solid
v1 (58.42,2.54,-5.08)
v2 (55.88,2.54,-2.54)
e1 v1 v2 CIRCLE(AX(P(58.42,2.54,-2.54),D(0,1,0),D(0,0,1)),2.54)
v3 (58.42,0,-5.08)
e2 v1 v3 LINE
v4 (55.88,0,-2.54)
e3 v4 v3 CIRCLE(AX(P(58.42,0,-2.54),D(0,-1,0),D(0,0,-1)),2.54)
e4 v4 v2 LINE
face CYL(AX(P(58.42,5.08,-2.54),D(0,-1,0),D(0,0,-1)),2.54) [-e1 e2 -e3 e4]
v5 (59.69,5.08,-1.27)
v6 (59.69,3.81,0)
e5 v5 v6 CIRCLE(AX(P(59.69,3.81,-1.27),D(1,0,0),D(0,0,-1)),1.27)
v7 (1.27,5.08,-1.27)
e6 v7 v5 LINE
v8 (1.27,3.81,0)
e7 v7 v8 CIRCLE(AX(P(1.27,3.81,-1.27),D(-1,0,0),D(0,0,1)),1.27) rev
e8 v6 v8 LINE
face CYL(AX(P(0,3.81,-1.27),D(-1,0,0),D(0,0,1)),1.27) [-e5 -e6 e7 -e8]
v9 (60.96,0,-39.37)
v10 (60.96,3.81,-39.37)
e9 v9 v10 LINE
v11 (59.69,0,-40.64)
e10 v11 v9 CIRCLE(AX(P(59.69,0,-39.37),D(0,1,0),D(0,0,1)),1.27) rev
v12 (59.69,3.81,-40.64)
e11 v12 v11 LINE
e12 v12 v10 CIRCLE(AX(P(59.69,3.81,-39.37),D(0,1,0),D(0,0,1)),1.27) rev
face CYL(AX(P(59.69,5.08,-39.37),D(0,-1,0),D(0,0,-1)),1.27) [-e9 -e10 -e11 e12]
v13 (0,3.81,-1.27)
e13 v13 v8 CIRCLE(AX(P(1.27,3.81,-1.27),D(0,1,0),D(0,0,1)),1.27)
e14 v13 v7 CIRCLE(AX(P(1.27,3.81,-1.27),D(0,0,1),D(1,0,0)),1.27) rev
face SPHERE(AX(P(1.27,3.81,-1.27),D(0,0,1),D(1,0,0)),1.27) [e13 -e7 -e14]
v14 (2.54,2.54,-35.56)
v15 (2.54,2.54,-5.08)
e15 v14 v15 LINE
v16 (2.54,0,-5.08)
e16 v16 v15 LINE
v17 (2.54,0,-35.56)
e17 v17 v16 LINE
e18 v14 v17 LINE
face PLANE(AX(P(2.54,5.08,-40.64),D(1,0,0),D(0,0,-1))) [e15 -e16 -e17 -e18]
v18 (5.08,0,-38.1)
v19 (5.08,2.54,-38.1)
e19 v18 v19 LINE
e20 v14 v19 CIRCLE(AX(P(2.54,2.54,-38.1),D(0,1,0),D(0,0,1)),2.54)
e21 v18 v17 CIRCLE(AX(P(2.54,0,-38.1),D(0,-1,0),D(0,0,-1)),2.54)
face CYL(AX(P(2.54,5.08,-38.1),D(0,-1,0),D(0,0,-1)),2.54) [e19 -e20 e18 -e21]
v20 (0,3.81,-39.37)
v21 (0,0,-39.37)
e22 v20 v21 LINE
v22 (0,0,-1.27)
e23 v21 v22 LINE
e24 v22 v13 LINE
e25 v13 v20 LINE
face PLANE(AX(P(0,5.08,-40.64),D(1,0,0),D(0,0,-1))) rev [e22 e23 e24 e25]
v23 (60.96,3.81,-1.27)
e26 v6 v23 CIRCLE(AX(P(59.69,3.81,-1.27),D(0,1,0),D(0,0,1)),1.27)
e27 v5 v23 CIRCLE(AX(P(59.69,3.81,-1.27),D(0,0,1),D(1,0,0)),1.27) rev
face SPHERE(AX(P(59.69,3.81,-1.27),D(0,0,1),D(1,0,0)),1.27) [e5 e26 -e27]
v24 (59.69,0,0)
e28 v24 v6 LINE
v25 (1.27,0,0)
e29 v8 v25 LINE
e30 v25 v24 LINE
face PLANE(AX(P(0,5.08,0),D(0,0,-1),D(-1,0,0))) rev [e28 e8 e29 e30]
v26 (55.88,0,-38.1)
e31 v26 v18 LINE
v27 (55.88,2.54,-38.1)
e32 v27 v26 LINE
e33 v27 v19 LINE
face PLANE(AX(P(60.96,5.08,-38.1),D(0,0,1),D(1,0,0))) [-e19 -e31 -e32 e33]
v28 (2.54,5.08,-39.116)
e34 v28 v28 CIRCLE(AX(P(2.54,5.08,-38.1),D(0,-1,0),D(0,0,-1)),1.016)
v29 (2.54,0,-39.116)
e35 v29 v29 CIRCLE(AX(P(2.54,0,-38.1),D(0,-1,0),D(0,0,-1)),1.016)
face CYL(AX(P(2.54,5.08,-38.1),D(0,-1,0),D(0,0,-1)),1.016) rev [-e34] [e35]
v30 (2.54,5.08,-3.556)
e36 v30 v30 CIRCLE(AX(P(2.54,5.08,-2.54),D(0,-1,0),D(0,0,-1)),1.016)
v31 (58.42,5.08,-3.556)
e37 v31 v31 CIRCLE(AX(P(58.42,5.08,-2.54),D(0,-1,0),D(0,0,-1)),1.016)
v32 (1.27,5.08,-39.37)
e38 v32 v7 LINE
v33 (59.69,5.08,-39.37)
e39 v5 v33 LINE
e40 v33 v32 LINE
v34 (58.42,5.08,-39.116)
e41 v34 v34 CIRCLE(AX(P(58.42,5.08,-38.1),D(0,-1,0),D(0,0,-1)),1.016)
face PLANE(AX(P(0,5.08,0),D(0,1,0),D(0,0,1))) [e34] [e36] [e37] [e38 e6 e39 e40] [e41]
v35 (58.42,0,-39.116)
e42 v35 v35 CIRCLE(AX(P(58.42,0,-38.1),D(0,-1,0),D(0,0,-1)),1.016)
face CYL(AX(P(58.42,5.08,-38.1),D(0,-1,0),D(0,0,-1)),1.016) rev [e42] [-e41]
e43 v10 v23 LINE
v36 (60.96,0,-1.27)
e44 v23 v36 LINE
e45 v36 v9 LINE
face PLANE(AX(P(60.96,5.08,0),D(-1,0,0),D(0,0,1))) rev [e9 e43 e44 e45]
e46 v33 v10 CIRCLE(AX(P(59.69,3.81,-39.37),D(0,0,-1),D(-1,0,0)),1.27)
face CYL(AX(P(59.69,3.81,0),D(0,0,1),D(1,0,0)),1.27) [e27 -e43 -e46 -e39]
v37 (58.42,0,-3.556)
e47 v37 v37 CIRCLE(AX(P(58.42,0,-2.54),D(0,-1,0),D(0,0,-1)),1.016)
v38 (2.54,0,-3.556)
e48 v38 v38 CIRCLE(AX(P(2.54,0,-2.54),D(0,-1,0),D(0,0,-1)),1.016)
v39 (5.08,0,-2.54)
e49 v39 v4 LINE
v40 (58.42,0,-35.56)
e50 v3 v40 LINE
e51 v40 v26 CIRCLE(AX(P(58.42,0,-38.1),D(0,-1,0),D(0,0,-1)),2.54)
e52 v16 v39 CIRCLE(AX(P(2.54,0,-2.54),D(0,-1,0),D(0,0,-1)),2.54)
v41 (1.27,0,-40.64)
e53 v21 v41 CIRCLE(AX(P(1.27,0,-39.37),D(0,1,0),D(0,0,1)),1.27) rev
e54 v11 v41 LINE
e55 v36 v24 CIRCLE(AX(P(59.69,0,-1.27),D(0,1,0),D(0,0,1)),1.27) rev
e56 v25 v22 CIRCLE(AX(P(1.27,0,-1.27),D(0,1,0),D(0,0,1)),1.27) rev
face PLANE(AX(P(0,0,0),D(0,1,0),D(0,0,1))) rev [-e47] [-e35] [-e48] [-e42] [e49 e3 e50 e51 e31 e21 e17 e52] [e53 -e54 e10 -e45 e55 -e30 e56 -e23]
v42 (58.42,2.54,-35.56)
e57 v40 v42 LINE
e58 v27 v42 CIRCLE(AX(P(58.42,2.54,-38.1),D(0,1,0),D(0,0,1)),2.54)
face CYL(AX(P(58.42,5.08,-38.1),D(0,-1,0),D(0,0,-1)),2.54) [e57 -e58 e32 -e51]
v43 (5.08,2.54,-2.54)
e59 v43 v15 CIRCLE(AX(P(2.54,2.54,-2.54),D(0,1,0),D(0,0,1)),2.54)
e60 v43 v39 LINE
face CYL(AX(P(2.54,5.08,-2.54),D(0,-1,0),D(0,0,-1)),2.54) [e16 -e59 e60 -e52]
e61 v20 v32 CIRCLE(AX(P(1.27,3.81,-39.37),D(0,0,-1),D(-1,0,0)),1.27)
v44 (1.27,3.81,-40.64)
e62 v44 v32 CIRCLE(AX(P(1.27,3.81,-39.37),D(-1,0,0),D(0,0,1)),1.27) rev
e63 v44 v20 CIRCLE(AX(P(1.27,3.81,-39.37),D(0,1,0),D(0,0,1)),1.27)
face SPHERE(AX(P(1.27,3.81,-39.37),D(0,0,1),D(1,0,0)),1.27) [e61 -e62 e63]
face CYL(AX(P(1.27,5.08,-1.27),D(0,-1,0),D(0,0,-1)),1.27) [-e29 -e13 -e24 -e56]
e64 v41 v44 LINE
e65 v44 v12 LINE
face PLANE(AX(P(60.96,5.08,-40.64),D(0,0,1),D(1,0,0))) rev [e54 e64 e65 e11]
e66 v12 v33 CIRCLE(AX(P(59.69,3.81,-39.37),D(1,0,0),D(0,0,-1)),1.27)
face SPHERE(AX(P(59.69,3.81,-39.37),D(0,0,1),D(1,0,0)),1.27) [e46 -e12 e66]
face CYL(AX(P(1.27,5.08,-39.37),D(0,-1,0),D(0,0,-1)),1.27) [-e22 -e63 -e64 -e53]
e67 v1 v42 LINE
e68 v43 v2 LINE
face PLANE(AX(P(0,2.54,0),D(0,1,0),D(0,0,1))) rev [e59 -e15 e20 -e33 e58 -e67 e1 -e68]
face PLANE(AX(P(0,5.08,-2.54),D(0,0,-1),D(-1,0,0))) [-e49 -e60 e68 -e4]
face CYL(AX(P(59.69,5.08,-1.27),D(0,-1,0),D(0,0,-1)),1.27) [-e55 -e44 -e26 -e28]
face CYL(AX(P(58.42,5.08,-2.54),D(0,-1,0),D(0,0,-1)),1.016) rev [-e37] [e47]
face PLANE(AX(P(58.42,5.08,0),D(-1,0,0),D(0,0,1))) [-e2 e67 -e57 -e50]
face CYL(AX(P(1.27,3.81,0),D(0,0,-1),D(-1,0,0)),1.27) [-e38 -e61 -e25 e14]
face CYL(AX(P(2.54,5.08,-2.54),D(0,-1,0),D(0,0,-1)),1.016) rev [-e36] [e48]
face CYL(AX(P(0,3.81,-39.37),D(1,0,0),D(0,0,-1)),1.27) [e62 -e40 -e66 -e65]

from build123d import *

# Parameters (mm, degrees)
SKETCH1_W           = 60.96
SKETCH1_H           = 40.64
BOSS_EXTRUDE1_DEPTH = 5.08
SHELL1_T            = -2.54
SKETCH2_R           = 2.54
BOSS_EXTRUDE2_DEPTH = 5.08
SKETCH3_R           = 1.016
CUT_EXTRUDE1_DEPTH  = 5.08
FILLET2_R           = 1.27


with BuildPart() as part:
    # Sketch1 → Boss-Extrude1 (new body)
    with BuildSketch(Plane(origin=(0, 0, 0), x_dir=(1, 0, 0), z_dir=(0, 1, 0))):
        with Locations((30.48, 20.32)):
            Rectangle(SKETCH1_W, SKETCH1_H)
    extrude(amount=BOSS_EXTRUDE1_DEPTH)

    # Shell1
    shell1_openings = [part.faces().sort_by_distance(p)[0] for p in [
        (30.48, 0, -20.32),
    ]]
    offset(amount=SHELL1_T, openings=shell1_openings, kind=Kind.INTERSECTION)

    # Sketch2 → Boss-Extrude2 (add)
    with BuildSketch(Plane.XZ):
        with Locations((58.42, -38.1)):
            Circle(SKETCH2_R)
        with Locations((58.42, -2.54)):
            Circle(SKETCH2_R)
        with Locations((2.54, -2.54)):
            Circle(SKETCH2_R)
        with Locations((2.54, -38.1)):
            Circle(SKETCH2_R)
    extrude(amount=-BOSS_EXTRUDE2_DEPTH)

    # Sketch3 → Cut-Extrude1 (cut)
    with BuildSketch(Plane.XZ):
        with Locations((58.42, -38.1)):
            Circle(SKETCH3_R)
        with Locations((58.42, -2.54)):
            Circle(SKETCH3_R)
        with Locations((2.54, -2.54)):
            Circle(SKETCH3_R)
        with Locations((2.54, -38.1)):
            Circle(SKETCH3_R)
    extrude(amount=-CUT_EXTRUDE1_DEPTH, mode=Mode.SUBTRACT)

    # Fillet2
    fillet2_edges = [part.edges().sort_by_distance(p)[0] for p in [
        (60.96, 5.08, -20.32),
        (30.48, 5.08, -40.64),
        (0, 5.08, -20.32),
        (30.48, 5.08, 0),
        (0, 2.54, -40.64),
        (60.96, 2.54, -40.64),
        (60.96, 2.54, 0),
        (0, 2.54, 0),
    ]]
    fillet(fillet2_edges, radius=FILLET2_R)


solid = part.part
